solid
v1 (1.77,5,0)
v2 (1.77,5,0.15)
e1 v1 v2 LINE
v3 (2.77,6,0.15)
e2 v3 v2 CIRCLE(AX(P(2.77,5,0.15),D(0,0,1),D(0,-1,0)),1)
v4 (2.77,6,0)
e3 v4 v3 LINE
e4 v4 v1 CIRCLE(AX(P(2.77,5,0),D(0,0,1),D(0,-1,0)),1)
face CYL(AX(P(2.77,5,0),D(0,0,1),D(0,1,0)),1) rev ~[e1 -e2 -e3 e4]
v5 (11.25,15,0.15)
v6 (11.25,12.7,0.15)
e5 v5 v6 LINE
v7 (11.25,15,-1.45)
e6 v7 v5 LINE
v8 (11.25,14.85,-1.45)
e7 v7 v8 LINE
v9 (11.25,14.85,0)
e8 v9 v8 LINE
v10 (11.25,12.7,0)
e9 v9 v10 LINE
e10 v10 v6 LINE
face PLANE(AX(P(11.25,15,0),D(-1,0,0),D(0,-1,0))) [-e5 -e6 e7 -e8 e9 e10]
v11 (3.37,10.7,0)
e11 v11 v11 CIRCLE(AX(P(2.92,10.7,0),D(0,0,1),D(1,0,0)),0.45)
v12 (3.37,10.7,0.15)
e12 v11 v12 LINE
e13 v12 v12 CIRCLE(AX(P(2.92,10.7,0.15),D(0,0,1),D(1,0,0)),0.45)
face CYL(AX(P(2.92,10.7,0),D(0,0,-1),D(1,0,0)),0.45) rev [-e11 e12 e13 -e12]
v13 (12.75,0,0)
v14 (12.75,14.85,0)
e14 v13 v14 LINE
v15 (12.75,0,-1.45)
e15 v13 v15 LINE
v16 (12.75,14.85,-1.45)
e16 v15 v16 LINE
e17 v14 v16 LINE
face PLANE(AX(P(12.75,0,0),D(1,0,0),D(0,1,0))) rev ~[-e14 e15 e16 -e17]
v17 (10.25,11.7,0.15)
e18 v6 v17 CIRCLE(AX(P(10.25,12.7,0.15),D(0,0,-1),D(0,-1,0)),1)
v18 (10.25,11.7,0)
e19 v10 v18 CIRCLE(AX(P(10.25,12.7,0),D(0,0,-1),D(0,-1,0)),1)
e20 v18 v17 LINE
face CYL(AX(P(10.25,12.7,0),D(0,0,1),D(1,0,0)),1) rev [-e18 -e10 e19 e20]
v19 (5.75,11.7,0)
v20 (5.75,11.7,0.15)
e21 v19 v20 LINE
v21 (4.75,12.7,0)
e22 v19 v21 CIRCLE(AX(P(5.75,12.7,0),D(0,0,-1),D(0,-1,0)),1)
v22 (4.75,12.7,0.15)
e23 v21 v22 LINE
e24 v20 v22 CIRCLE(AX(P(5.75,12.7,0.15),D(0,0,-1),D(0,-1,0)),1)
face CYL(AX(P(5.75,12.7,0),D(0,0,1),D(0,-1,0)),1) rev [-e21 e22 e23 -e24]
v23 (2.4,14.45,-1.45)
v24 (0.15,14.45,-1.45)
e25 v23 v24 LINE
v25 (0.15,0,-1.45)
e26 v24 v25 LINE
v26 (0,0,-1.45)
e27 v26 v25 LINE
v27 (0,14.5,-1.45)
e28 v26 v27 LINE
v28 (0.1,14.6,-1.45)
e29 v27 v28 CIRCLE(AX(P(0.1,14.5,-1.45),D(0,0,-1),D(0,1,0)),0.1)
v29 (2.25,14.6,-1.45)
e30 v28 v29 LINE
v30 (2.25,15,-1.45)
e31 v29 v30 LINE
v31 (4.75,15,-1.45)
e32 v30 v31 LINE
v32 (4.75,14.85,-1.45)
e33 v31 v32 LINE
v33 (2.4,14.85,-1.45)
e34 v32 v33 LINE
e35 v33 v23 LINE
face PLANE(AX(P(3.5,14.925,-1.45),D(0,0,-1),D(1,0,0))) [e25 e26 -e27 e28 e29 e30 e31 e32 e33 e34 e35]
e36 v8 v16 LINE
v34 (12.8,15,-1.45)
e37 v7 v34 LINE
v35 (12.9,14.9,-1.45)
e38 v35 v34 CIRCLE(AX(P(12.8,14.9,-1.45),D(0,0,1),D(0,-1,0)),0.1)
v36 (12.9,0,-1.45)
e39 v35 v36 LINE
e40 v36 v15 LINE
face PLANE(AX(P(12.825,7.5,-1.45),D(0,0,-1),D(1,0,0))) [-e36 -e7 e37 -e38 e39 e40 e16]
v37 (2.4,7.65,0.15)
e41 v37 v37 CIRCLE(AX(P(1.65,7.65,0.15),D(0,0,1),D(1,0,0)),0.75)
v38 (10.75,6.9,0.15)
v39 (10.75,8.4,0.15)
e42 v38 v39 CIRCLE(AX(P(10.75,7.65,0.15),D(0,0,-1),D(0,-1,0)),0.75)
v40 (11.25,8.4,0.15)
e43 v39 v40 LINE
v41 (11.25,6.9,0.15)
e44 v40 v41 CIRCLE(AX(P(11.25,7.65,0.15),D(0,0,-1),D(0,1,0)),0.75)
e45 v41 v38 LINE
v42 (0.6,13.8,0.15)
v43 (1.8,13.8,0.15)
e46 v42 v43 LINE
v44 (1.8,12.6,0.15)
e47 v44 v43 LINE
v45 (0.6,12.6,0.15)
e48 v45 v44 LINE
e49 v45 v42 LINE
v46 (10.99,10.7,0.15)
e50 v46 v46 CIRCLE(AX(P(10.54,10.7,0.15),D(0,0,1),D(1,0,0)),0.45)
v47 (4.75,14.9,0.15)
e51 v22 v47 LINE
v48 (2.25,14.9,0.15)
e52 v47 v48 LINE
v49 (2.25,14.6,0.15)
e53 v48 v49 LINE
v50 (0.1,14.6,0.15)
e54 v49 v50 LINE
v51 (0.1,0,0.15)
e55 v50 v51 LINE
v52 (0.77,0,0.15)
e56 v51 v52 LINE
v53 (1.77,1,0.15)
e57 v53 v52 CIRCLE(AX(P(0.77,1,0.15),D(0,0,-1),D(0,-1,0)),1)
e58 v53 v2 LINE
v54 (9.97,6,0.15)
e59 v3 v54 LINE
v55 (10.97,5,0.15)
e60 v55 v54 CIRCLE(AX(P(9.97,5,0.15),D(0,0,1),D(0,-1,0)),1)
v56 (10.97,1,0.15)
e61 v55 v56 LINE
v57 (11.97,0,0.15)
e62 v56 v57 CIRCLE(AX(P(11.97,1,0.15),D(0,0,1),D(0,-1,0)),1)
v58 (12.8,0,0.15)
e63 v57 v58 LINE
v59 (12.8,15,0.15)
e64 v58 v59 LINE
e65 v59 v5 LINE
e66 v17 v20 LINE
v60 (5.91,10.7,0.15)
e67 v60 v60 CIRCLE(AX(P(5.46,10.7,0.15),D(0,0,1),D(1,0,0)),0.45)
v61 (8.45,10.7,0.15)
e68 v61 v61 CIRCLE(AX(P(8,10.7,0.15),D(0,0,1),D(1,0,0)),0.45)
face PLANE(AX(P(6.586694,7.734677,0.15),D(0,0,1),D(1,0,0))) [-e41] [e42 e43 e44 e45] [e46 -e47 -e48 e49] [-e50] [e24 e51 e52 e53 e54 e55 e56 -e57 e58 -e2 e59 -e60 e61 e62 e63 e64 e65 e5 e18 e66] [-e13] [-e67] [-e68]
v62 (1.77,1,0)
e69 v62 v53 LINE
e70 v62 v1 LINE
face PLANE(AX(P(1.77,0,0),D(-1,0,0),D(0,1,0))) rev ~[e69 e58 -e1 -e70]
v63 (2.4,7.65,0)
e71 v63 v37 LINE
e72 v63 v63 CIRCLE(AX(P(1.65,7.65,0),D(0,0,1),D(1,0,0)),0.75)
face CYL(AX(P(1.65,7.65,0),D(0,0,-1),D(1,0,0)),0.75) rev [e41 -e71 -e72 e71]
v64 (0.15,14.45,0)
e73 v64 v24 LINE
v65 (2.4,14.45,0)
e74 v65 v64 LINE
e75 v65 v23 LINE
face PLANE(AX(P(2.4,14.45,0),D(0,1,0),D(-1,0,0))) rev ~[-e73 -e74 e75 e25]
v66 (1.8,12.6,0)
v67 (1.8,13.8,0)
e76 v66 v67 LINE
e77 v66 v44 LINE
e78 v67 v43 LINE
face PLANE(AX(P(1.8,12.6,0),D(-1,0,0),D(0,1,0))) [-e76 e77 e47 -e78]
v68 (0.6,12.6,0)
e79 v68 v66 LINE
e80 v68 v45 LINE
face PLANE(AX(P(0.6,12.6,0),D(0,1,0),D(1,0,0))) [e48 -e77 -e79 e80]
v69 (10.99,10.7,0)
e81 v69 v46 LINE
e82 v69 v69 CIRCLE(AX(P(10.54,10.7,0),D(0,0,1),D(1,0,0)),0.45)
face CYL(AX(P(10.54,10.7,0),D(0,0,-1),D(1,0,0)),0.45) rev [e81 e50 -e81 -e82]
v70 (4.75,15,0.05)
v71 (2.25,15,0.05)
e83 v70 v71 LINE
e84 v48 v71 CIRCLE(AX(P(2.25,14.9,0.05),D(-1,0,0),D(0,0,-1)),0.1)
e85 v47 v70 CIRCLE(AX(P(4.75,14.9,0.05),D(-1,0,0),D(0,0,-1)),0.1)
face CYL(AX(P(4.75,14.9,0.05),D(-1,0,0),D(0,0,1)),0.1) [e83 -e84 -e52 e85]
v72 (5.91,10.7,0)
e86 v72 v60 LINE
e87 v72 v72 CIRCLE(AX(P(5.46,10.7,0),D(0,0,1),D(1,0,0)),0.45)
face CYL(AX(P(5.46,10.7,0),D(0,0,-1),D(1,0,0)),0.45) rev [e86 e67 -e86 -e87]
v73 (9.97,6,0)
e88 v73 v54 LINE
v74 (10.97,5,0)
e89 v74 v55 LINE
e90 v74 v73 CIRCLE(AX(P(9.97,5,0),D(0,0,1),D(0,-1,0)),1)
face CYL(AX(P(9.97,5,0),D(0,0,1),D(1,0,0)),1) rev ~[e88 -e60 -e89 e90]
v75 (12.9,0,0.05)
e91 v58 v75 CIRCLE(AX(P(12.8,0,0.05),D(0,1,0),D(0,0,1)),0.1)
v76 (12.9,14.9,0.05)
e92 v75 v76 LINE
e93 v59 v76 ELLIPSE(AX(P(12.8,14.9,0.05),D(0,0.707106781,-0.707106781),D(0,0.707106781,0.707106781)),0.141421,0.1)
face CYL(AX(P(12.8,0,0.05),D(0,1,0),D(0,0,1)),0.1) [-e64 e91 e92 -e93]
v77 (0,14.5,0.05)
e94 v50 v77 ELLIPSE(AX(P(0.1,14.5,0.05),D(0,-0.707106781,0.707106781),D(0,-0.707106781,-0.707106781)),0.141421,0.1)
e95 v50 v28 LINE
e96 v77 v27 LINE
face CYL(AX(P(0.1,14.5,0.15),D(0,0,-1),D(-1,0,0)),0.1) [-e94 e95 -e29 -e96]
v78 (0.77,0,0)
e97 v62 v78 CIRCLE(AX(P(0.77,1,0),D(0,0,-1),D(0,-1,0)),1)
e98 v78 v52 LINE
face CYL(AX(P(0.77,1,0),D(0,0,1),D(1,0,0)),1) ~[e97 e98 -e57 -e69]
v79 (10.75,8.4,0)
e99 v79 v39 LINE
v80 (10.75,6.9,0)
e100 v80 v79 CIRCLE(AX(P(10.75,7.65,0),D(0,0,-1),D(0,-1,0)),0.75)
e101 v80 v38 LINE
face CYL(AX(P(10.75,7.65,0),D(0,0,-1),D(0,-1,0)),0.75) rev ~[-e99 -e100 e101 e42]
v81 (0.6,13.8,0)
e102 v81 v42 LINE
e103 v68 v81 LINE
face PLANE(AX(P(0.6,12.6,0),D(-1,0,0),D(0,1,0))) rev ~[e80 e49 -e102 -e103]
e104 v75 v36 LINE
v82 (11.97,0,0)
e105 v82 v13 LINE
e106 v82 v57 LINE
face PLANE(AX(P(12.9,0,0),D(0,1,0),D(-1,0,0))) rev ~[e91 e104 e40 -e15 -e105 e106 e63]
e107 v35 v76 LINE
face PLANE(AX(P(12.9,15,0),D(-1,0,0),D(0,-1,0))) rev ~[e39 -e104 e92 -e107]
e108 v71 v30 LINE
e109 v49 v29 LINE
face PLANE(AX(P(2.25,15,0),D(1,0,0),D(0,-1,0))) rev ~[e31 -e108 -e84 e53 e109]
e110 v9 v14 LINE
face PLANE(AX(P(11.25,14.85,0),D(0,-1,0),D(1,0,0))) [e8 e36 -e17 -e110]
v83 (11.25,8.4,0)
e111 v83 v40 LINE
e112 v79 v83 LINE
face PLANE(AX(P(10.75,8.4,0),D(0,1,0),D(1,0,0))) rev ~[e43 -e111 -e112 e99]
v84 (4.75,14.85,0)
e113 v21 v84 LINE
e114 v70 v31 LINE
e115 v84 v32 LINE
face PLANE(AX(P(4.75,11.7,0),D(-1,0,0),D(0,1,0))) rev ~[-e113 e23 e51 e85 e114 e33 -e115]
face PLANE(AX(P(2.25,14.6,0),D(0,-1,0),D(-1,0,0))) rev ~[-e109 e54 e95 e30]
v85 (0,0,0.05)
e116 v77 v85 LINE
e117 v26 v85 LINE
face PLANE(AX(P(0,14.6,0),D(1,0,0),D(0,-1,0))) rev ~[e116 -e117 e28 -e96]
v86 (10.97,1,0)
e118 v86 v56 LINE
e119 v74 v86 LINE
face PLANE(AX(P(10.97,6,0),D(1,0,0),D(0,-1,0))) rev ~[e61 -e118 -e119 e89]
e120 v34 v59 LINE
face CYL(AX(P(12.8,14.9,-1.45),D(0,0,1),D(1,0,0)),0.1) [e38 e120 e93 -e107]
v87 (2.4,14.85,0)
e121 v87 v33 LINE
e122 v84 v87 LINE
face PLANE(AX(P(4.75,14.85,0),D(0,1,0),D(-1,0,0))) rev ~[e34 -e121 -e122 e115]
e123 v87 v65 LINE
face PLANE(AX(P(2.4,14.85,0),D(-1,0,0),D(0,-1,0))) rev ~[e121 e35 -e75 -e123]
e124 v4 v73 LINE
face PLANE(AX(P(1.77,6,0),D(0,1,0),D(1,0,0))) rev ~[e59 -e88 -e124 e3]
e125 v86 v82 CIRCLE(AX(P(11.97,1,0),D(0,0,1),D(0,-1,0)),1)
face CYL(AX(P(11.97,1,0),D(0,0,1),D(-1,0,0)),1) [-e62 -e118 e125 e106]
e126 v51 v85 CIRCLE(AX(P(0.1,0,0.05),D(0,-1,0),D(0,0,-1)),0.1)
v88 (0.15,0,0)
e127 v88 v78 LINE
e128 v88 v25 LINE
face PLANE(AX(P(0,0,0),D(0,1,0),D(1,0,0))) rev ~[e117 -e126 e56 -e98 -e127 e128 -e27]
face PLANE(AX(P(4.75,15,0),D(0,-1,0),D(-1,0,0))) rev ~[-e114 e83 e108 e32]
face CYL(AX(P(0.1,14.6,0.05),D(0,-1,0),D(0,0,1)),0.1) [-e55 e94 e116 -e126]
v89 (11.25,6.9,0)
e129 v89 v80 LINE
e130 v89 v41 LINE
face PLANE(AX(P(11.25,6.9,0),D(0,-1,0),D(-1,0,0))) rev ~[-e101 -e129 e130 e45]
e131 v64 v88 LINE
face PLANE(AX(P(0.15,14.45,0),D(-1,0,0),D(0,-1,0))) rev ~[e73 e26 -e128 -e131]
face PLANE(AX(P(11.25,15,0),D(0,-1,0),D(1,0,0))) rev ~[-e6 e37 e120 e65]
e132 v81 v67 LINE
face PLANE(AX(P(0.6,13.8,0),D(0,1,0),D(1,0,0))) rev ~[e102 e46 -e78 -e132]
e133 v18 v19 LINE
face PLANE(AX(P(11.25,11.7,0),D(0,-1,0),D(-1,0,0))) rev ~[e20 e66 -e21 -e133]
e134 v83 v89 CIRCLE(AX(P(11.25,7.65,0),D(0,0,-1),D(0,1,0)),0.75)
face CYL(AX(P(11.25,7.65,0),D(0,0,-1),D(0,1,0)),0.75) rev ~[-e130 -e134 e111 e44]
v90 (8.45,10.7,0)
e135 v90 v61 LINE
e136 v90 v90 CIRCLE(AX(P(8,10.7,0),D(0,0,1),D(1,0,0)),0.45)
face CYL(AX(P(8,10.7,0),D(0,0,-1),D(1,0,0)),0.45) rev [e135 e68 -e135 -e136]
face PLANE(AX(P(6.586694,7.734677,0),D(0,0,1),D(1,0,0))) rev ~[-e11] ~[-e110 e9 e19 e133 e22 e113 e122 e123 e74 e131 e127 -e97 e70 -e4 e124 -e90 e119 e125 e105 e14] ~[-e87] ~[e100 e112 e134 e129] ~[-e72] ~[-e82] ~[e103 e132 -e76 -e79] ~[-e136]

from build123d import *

# Parameters (mm, degrees)
F0_R     = 0.75
F0_R_2   = 0.45
F0_W     = 1.2
F0_H     = 1.2
F1_DEPTH = 0.15
F2_W     = 1.5
F2_H     = 0.15
F2_W_2   = 0.15
F2_H_2   = 14.45
F3_DEPTH = 1.45
F4_R     = 1
F5_R     = 0.1


with BuildPart() as f1:
    # F0 (on Top) → F1 (new body)
    with BuildSketch(Plane.XY):
        Polygon((0, 14.6), (0, 0), (1.77, 0), (1.77, 6), (10.97, 6), (10.97, 0), (12.9, 0), (12.9, 15), (11.25, 15), (11.25, 11.7), (4.75, 11.7), (4.75, 15), (2.25, 15), (2.25, 14.6), align=None)
        with Locations((1.65, 7.65)):
            Circle(F0_R, mode=Mode.SUBTRACT)
        with Locations((2.92, 10.7)):
            Circle(F0_R_2, mode=Mode.SUBTRACT)
        with Locations((5.46, 10.7)):
            Circle(F0_R_2, mode=Mode.SUBTRACT)
        with Locations((1.2, 13.2)):
            Rectangle(F0_W, F0_H, mode=Mode.SUBTRACT)
        with Locations((8, 10.7)):
            Circle(F0_R_2, mode=Mode.SUBTRACT)
        with BuildLine():
            ThreePointArc((11.25, 8.4), (12, 7.65), (11.25, 6.9))
            Line((11.25, 6.9), (10.75, 6.9))
            ThreePointArc((10.75, 6.9), (10, 7.65), (10.75, 8.4))
            Line((10.75, 8.4), (11.25, 8.4))
        make_face(mode=Mode.SUBTRACT)
        with Locations((10.54, 10.7)):
            Circle(F0_R_2, mode=Mode.SUBTRACT)
    extrude(amount=F1_DEPTH)

    # F2 (on face) → F3 (join)
    with BuildSketch(Plane(origin=(0, 0, 0), x_dir=(1, 0, 0), z_dir=(0, 0, -1))):
        Polygon((12.9, -15), (12.9, 0), (12.75, 0), (12.75, -14.85), (12.75, -15), align=None)
        with Locations((12, -14.925)):
            Rectangle(F2_W, F2_H)
        Polygon((4.75, -15), (4.75, -14.85), (2.4, -14.85), (2.25, -14.85), (2.25, -15), align=None)
        Polygon((2.25, -14.85), (2.4, -14.85), (2.4, -14.45), (2.25, -14.45), (2.25, -14.6), align=None)
        Polygon((2.25, -14.45), (0.15, -14.45), (0, -14.45), (0, -14.6), (2.25, -14.6), align=None)
        with Locations((0.075, -7.225)):
            Rectangle(F2_W_2, F2_H_2)
    extrude(amount=F3_DEPTH)

    # F4
    f4_edges = [f1.edges().sort_by_distance(p)[0] for p in [
        (1.77, 6, 0.075),
        (1.77, 0, 0.075),
        (10.97, 6, 0.075),
        (10.97, 0, 0.075),
        (4.75, 11.7, 0.075),
        (11.25, 11.7, 0.075),
    ]]
    fillet(f4_edges, radius=F4_R)

    # F5
    f5_edges = [f1.edges().sort_by_distance(p)[0] for p in [
        (12.9, 7.5, 0.15),
        (0, 7.3, 0.15),
        (3.5, 15, 0.15),
        (0, 14.6, -0.65),
        (12.9, 15, -0.65),
    ]]
    fillet(f5_edges, radius=F5_R)


solid = f1.part
